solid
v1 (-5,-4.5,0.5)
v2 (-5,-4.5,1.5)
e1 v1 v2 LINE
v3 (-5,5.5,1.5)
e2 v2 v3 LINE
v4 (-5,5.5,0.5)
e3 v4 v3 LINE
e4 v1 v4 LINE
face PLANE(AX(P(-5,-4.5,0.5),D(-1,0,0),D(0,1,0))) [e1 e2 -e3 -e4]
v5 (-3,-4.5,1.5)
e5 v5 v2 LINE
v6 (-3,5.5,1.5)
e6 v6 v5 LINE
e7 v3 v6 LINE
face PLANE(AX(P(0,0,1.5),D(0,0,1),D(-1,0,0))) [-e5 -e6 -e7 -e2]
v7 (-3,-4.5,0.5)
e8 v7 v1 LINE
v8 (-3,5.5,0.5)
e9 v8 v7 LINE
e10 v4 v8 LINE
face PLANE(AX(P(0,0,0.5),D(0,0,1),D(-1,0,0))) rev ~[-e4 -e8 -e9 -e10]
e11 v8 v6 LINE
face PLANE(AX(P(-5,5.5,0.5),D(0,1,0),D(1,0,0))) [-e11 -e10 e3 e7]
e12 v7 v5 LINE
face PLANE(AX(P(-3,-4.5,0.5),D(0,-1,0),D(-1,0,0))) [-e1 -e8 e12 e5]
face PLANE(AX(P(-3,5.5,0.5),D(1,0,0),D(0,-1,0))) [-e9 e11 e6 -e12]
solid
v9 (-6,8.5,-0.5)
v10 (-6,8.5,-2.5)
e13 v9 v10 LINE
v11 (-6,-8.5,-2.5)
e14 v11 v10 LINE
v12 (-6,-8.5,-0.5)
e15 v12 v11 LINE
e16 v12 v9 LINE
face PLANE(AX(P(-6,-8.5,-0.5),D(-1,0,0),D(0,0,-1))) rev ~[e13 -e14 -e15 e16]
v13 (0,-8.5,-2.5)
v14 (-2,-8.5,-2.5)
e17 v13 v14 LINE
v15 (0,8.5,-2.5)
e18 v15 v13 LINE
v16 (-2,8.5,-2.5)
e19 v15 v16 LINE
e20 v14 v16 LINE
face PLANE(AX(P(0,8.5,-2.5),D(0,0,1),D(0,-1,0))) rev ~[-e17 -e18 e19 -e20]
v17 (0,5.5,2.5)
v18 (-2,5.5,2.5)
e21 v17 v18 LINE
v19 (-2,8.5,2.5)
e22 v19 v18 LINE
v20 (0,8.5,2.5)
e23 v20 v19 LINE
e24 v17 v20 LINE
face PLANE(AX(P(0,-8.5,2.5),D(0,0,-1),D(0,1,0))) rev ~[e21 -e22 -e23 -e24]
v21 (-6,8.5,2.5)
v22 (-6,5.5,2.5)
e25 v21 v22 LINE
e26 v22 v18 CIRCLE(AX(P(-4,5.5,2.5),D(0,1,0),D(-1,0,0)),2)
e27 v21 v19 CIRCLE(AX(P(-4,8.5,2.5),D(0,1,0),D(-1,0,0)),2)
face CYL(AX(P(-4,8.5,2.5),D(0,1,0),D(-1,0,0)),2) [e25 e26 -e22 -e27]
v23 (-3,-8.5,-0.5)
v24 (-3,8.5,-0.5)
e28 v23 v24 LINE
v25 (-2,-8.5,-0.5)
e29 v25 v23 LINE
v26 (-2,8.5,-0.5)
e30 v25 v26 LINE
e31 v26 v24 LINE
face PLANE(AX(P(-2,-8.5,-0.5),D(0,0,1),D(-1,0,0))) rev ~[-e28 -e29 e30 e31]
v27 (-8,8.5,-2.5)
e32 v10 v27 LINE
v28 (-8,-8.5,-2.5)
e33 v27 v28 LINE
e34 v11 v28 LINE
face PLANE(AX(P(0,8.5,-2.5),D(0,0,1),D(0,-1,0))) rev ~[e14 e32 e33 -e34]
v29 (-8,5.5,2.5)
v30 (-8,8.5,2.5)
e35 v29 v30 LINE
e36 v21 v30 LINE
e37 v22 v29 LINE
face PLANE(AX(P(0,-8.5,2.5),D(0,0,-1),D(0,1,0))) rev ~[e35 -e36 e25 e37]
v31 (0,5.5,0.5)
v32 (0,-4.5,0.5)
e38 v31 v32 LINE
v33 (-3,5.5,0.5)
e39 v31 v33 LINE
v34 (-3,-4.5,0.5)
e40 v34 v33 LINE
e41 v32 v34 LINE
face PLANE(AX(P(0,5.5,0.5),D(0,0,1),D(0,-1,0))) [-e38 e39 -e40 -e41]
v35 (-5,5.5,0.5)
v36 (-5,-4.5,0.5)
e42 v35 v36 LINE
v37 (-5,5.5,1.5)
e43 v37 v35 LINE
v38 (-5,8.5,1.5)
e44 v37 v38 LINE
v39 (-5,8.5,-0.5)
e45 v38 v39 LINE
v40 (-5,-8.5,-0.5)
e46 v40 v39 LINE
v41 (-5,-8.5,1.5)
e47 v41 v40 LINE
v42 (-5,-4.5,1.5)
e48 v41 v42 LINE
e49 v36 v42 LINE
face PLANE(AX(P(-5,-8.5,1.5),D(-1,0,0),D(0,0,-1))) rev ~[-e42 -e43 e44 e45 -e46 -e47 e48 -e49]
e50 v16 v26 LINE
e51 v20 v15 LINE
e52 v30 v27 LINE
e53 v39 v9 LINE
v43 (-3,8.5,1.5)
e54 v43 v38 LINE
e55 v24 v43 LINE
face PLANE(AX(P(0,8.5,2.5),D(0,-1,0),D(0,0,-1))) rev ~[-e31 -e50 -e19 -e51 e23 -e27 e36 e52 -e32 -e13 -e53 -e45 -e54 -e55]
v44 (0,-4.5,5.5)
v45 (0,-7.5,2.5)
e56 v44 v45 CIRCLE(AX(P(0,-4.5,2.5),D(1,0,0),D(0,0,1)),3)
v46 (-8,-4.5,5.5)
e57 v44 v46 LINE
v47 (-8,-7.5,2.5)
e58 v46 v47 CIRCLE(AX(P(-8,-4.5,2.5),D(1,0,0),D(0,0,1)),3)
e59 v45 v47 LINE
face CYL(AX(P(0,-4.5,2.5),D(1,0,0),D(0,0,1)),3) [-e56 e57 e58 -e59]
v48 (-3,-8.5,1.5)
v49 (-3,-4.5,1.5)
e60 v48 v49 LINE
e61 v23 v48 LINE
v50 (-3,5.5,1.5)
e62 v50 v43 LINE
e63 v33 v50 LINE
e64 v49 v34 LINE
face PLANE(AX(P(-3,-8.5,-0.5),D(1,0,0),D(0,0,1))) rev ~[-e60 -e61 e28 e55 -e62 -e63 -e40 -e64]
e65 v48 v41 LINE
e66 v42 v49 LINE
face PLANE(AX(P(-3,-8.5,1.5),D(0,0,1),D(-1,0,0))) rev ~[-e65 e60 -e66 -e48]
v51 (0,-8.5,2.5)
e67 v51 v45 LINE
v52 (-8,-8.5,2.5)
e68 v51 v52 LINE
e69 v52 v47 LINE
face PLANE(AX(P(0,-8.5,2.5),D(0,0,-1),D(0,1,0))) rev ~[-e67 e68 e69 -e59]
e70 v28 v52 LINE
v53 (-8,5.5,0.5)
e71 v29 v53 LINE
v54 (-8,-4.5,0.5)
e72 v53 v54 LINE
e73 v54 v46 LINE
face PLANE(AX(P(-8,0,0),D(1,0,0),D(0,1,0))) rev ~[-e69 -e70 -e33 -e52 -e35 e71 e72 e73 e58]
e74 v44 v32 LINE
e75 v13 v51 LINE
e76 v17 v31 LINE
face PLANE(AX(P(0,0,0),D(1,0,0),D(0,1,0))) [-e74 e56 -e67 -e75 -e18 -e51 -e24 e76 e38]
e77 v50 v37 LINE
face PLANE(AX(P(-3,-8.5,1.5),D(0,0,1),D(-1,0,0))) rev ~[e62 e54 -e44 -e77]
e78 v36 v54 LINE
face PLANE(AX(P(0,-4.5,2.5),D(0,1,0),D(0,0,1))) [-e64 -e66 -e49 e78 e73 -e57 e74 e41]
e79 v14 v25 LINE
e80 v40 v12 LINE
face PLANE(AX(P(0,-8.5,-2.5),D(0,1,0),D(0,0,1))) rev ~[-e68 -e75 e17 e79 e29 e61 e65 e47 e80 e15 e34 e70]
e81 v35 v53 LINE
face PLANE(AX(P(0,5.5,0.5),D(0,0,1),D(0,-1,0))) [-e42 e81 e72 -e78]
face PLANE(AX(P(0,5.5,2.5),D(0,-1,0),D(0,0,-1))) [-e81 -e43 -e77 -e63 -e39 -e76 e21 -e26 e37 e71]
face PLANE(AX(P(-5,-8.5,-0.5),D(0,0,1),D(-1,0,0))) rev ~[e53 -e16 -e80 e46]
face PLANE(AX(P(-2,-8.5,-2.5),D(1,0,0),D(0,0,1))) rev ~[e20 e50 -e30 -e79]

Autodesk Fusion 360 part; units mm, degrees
sketch "Sketch1" plane through (0, 0, 0) normal (1, 0, 0) x (0, 1, 0)
  line L0 (8.5, -2.5) -> (-8.5, -2.5)
  line L1 (-8.5, -2.5) -> (-8.5, 2.5)
  line L2 (-8.5, 2.5) -> (8.5, 2.5)
  line L3 (8.5, 2.5) -> (8.5, -2.5)
  line L4 (8.5, -2.5) -> (-8.5, 2.5) construction
  line L5 (-8.5, -2.5) -> (8.5, 2.5) construction
  dimension "d1" = 17
  dimension "d2" = 5
extrude "Extrude1" add sketch "Sketch1" against normal blind 8 makes body 1
sketch "Sketch2" plane through (0, 0, 0) normal (1, 0, 0) x (0, 1, 0)
  line L0 (8.5, 2.5) -> (-8.5, 2.5)
  line L1 (-8.5, 2.5) -> (-8.5, -2.5)
  line L2 (-8.5, -2.5) -> (8.5, -2.5)
  line L3 (8.5, -2.5) -> (8.5, 2.5)
  line L4 (-8.5, 2.5) -> (-4.5, 2.5) construction
  line L5 (-4.5, 2.5) -> (5.5, 2.5)
  line L6 (5.5, 2.5) -> (5.5, 0.5)
  line L7 (5.5, 0.5) -> (-4.5, 0.5)
  line L8 (-4.5, 0.5) -> (-4.5, 2.5)
  dimension "d5" = 4
  dimension "d6" = 10
  dimension "d7" = 2
extrude "Extrude2" cut sketch "Sketch2" against normal up to surface (8 mm away) contours L0 L5 L6 L7 L8 bodies 1
sketch "Sketch3" plane through (0, -8.5, 0) normal (0, -1, 0) x (1, 0, 0)
  line L0 (0, -2.5) -> (0, 2.5)
  line L1 (0, 2.5) -> (-8, 2.5)
  line L2 (-8, 2.5) -> (-8, -2.5)
  line L3 (-8, -2.5) -> (0, -2.5)
  line L4 (0, -2.5) -> (-2, -2.5) construction
  line L5 (-2, -2.5) -> (-2, -0.5)
  line L6 (-2, -0.5) -> (-3, -0.5)
  line L7 (-3, -0.5) -> (-3, 1.5)
  line L8 (-3, 1.5) -> (-5, 1.5)
  line L9 (-5, 1.5) -> (-5, -0.5)
  line L10 (-5, -0.5) -> (-6, -0.5)
  line L11 (-6, -0.5) -> (-6, -2.5)
  dimension "d10" = 2
  dimension "d11" = 2
  dimension "d12" = 2
  dimension "d13" = 2
extrude "Extrude3" cut sketch "Sketch3" against normal up to surface (17 mm away) contours L3 L5 L6 L7 L8 L9 L10 L11 bodies 1
sketch "Sketch4" plane through (0, 0, 0.5) normal (0, 0, 1) x (-1, 0, 0)
  line L0 (3, -5.5) -> (3, 4.5)
  line L1 (3, 4.5) -> (0, 4.5)
  line L2 (0, 4.5) -> (0, -5.5)
  line L3 (0, -5.5) -> (3, -5.5)
  line L4 (3, 4.5) -> (5, 4.5)
  line L5 (5, 4.5) -> (5, -5.5)
  line L6 (5, -5.5) -> (3, -5.5)
  line L7 (3, -5.5) -> (3, 4.5)
  dimension "d16" = 2
  dimension "d17" = 10
extrude "Extrude4" add sketch "Sketch4" along normal blind 1 separate body contours L0 L4 L5 L6 L7 makes body 2
sketch "Sketch5" plane through (0, 0, 0) normal (1, 0, 0) x (0, 1, 0)
  line L0 (-4.5, 0.5) -> (-4.5, 2.5)
  line L1 (-4.5, 2.5) -> (-8.5, 2.5)
  line L2 (-8.5, 2.5) -> (-8.5, -2.5)
  line L3 (-8.5, -2.5) -> (8.5, -2.5)
  line L4 (8.5, -2.5) -> (8.5, 2.5)
  line L5 (8.5, 2.5) -> (5.5, 2.5)
  line L6 (5.5, 2.5) -> (5.5, 0.5)
  line L7 (5.5, 0.5) -> (-4.5, 0.5)
  line L8 (-4.5, 2.5) -> (-4.5, 5.5)
  arc A0 (-4.5, 5.5) -> (-7.5, 2.5) centre (-4.5, 2.5) ccw
  dimension "d20" = 3
extrude "Extrude5" add sketch "Sketch5" against normal blind 8 contours L1 L8 A0 bodies 1
sketch "Sketch6" plane through (0, 5.5, 0) normal (0, -1, 0) x (1, 0, 0)
  line L0 (-3, 1.5) -> (-3, 0.5)
  line L1 (-3, 0.5) -> (0, 0.5)
  line L2 (0, 0.5) -> (0, 2.5)
  line L3 (0, 2.5) -> (-8, 2.5)
  line L4 (-8, 2.5) -> (-8, 0.5)
  line L5 (-8, 0.5) -> (-5, 0.5)
  line L6 (-5, 0.5) -> (-5, 1.5)
  line L7 (-5, 1.5) -> (-3, 1.5)
sketch "Sketch7" plane through (0, 8.5, 0) normal (0, 1, 0) x (-1, 0, 0)
  line L0 (6, -0.5) -> (6, -2.5)
  line L1 (6, -2.5) -> (8, -2.5)
  line L2 (8, -2.5) -> (8, 2.5)
  line L3 (8, 2.5) -> (0, 2.5)
  line L4 (0, 2.5) -> (0, -2.5)
  line L5 (0, -2.5) -> (2, -2.5)
  line L6 (2, -2.5) -> (2, -0.5)
  line L7 (2, -0.5) -> (3, -0.5)
  line L8 (3, -0.5) -> (3, 1.5)
  line L9 (3, 1.5) -> (5, 1.5)
  line L10 (5, 1.5) -> (5, -0.5)
  line L11 (5, -0.5) -> (6, -0.5)
  arc A0 (6, 2.5) -> (2, 2.5) centre (4, 2.5) ccw
  dimension "d23" = 2
extrude "Extrude6" add sketch "Sketch7" against normal blind 3 contours L3 A0 bodies 1
